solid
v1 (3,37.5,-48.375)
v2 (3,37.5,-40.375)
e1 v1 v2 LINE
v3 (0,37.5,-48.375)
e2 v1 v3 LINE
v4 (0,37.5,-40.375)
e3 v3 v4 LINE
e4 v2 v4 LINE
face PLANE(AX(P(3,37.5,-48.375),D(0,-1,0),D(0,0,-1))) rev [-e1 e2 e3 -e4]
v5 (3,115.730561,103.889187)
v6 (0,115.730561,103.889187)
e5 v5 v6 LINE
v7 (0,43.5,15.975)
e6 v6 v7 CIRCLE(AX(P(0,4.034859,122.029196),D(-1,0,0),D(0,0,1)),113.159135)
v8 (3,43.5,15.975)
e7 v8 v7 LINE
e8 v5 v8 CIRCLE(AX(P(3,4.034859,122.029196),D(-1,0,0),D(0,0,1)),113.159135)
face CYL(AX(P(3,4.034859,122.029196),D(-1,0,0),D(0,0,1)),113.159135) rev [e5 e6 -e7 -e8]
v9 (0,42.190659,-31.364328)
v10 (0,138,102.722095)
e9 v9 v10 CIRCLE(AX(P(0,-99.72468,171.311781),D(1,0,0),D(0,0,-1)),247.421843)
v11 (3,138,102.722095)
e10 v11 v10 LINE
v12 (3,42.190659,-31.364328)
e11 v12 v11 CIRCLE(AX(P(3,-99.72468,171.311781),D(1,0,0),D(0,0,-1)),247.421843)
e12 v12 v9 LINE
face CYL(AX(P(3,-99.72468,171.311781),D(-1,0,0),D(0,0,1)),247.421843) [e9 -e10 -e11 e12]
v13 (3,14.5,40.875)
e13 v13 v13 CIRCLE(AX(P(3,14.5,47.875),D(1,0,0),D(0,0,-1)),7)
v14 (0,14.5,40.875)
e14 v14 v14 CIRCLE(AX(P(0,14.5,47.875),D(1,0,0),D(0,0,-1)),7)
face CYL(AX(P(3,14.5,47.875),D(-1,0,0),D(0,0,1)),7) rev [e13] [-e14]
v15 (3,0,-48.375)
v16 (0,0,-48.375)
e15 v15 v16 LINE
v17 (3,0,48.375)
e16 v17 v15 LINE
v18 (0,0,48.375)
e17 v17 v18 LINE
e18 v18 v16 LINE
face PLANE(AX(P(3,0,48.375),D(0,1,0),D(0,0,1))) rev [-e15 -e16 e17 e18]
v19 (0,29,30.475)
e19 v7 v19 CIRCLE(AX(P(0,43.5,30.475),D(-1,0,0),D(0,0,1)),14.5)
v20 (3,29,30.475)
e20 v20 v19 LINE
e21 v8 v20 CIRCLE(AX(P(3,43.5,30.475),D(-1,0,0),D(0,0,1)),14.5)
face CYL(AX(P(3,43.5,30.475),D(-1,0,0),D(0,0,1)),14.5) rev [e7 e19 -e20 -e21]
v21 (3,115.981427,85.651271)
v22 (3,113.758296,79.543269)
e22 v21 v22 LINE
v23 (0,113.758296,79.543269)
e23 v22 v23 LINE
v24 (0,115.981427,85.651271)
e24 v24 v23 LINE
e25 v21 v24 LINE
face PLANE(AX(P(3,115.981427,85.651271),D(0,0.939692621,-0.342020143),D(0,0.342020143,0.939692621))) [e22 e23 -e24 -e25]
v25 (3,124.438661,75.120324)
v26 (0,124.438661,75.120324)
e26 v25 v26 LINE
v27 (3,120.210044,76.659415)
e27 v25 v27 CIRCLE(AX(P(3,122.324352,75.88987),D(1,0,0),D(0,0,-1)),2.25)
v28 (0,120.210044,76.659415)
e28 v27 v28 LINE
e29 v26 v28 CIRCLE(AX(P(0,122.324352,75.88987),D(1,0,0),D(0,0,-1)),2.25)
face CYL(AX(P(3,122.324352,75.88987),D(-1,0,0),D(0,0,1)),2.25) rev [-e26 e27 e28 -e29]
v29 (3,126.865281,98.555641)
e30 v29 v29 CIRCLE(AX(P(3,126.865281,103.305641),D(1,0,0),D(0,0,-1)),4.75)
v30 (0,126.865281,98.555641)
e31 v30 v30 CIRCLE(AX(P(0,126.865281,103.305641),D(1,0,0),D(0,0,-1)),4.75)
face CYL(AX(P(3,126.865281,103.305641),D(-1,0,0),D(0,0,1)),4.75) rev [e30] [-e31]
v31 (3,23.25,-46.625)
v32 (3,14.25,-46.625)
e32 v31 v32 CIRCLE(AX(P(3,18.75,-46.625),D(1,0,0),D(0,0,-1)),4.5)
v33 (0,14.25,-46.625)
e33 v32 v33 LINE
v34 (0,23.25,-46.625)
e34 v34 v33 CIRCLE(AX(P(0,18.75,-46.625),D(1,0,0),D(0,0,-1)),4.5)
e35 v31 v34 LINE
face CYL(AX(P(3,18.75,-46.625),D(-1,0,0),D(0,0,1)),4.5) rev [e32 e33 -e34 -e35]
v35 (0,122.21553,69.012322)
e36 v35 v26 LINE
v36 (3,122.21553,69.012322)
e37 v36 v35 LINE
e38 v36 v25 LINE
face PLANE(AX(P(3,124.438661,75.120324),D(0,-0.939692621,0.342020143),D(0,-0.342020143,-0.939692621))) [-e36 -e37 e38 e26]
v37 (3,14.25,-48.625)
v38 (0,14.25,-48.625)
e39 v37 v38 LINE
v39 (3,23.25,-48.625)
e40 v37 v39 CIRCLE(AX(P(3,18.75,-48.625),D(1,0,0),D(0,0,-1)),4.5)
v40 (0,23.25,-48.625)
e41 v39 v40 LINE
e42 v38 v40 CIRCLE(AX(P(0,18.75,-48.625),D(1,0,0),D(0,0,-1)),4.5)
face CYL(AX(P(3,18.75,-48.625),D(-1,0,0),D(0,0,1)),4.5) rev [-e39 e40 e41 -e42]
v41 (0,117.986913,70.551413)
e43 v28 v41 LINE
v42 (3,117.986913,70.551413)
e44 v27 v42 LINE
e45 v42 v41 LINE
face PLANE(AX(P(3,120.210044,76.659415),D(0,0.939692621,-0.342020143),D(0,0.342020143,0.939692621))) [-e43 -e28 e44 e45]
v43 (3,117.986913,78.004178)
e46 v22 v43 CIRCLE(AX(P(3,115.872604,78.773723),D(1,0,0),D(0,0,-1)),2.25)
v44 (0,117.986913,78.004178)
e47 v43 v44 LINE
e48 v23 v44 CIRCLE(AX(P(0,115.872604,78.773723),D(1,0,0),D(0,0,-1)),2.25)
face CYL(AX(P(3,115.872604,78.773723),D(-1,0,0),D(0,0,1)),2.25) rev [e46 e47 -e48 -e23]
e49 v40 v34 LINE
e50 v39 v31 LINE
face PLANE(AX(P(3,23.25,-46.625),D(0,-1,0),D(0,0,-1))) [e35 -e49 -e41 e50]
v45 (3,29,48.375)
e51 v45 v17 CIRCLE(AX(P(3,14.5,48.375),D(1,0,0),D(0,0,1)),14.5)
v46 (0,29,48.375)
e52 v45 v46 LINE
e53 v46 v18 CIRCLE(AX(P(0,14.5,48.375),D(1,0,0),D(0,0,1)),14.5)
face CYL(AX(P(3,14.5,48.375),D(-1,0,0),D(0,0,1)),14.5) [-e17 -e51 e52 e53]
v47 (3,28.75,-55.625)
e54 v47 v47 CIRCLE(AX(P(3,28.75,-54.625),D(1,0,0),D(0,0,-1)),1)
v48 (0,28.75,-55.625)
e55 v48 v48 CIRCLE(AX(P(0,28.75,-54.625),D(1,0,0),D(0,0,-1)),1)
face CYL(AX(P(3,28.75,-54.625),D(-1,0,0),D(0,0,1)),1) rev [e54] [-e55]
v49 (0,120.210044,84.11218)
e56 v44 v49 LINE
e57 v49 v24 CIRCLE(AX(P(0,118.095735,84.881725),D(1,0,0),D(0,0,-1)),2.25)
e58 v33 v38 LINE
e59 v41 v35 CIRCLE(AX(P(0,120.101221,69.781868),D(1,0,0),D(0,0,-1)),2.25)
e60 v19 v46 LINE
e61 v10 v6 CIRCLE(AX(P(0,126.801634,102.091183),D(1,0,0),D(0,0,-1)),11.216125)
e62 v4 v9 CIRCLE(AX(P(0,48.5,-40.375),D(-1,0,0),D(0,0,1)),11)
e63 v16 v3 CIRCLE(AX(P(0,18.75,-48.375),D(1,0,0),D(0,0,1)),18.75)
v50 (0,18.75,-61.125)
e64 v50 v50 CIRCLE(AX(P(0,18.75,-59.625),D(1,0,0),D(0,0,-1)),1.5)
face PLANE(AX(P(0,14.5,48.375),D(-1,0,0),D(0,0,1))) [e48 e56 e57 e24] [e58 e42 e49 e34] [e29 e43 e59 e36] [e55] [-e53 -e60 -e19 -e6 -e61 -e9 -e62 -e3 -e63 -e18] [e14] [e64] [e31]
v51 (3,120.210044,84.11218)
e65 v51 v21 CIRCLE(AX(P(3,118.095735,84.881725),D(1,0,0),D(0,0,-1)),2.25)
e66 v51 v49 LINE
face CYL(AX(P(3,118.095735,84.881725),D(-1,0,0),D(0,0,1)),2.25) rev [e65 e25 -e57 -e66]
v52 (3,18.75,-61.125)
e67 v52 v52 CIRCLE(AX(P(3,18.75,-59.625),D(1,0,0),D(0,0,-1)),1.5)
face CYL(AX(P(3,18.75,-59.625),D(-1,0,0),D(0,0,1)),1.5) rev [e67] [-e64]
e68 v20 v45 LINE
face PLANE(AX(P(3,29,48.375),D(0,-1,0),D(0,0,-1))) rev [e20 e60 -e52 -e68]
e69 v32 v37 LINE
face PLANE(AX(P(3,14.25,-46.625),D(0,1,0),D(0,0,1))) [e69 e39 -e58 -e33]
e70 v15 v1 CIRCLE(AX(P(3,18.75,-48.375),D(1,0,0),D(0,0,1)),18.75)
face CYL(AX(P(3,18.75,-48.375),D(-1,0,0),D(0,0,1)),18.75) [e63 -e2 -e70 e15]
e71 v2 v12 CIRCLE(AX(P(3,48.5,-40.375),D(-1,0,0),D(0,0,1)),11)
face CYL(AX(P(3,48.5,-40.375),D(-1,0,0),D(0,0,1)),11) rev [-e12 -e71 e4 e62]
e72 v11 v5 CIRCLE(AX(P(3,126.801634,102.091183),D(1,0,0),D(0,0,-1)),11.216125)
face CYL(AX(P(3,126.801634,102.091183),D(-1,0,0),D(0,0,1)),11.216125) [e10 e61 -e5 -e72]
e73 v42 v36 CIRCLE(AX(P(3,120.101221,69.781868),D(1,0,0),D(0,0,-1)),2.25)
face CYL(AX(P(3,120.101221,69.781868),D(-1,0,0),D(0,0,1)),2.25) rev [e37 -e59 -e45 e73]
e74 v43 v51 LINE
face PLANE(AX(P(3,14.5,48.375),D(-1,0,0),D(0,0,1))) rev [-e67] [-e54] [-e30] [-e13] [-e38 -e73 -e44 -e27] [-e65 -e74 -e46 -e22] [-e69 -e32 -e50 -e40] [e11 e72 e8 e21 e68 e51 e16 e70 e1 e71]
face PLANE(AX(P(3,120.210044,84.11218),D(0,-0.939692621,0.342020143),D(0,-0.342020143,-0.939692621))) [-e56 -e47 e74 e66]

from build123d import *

# Parameters (mm, degrees)
SKETCH1_R           = 1.5
SKETCH1_R_2         = 1
SKETCH1_R_3         = 7
SKETCH1_R_4         = 4.75
BOSS_EXTRUDE1_DEPTH = 3


with BuildPart() as part:
    # Sketch1 → Boss-Extrude1 (new body)
    with BuildSketch(Plane(origin=(0, 0, 0), x_dir=(0, 0, -1), z_dir=(1, 0, 0))):
        with BuildLine():
            Line((-48.375, 0), (48.375, 0))
            ThreePointArc((48.375, 0), (67.125, 18.75), (48.375, 37.5))
            Line((48.375, 37.5), (40.375, 37.5))
            ThreePointArc((40.375, 37.5), (35.295765254, 38.742880835), (31.364327513, 42.1906592))
            ThreePointArc((31.364327513, 42.1906592), (-27.467628368, 101.587088748), (-102.722095146, 138))
            ThreePointArc((-102.722095146, 138), (-113.291936406, 127.38864025), (-103.88918697, 115.730561375))
            ThreePointArc((-103.88918697, 115.730561375), (-50.193524878, 91.468412174), (-15.975, 43.5))
            ThreePointArc((-15.975, 43.5), (-20.221951673, 33.246951673), (-30.475, 29))
            Line((-30.475, 29), (-48.375, 29))
            ThreePointArc((-48.375, 29), (-62.875, 14.5), (-48.375, 0))
        make_face()
        with Locations((59.625, 18.75)):
            Circle(SKETCH1_R, mode=Mode.SUBTRACT)
        with Locations((54.625, 28.75)):
            Circle(SKETCH1_R_2, mode=Mode.SUBTRACT)
        with Locations((-47.875, 14.5)):
            Circle(SKETCH1_R_3, mode=Mode.SUBTRACT)
        with Locations((-103.305641058, 126.865280687)):
            Circle(SKETCH1_R_4, mode=Mode.SUBTRACT)
        with BuildLine():
            Line((46.625, 23.25), (48.625, 23.25))
            ThreePointArc((48.625, 23.25), (53.125, 18.75), (48.625, 14.25))
            Line((48.625, 14.25), (46.625, 14.25))
            ThreePointArc((46.625, 14.25), (42.125, 18.75), (46.625, 23.25))
        make_face(mode=Mode.SUBTRACT)
        with BuildLine():
            Line((-84.112179989, 120.210043762), (-78.004177954, 117.98691283))
            ThreePointArc((-78.004177954, 117.98691283), (-76.659414879, 115.103059111), (-79.543268599, 113.758296037))
            Line((-79.543268599, 113.758296037), (-85.651270634, 115.981426968))
            ThreePointArc((-85.651270634, 115.981426968), (-86.996033708, 118.865280687), (-84.112179989, 120.210043762))
        make_face(mode=Mode.SUBTRACT)
        with BuildLine():
            Line((-75.120324234, 124.438660555), (-69.012322199, 122.215529624))
            ThreePointArc((-69.012322199, 122.215529624), (-67.667559125, 119.331675904), (-70.551412844, 117.98691283))
            Line((-70.551412844, 117.98691283), (-76.659414879, 120.210043762))
            ThreePointArc((-76.659414879, 120.210043762), (-78.004177954, 123.093897481), (-75.120324234, 124.438660555))
        make_face(mode=Mode.SUBTRACT)
    extrude(amount=BOSS_EXTRUDE1_DEPTH)


solid = part.part
